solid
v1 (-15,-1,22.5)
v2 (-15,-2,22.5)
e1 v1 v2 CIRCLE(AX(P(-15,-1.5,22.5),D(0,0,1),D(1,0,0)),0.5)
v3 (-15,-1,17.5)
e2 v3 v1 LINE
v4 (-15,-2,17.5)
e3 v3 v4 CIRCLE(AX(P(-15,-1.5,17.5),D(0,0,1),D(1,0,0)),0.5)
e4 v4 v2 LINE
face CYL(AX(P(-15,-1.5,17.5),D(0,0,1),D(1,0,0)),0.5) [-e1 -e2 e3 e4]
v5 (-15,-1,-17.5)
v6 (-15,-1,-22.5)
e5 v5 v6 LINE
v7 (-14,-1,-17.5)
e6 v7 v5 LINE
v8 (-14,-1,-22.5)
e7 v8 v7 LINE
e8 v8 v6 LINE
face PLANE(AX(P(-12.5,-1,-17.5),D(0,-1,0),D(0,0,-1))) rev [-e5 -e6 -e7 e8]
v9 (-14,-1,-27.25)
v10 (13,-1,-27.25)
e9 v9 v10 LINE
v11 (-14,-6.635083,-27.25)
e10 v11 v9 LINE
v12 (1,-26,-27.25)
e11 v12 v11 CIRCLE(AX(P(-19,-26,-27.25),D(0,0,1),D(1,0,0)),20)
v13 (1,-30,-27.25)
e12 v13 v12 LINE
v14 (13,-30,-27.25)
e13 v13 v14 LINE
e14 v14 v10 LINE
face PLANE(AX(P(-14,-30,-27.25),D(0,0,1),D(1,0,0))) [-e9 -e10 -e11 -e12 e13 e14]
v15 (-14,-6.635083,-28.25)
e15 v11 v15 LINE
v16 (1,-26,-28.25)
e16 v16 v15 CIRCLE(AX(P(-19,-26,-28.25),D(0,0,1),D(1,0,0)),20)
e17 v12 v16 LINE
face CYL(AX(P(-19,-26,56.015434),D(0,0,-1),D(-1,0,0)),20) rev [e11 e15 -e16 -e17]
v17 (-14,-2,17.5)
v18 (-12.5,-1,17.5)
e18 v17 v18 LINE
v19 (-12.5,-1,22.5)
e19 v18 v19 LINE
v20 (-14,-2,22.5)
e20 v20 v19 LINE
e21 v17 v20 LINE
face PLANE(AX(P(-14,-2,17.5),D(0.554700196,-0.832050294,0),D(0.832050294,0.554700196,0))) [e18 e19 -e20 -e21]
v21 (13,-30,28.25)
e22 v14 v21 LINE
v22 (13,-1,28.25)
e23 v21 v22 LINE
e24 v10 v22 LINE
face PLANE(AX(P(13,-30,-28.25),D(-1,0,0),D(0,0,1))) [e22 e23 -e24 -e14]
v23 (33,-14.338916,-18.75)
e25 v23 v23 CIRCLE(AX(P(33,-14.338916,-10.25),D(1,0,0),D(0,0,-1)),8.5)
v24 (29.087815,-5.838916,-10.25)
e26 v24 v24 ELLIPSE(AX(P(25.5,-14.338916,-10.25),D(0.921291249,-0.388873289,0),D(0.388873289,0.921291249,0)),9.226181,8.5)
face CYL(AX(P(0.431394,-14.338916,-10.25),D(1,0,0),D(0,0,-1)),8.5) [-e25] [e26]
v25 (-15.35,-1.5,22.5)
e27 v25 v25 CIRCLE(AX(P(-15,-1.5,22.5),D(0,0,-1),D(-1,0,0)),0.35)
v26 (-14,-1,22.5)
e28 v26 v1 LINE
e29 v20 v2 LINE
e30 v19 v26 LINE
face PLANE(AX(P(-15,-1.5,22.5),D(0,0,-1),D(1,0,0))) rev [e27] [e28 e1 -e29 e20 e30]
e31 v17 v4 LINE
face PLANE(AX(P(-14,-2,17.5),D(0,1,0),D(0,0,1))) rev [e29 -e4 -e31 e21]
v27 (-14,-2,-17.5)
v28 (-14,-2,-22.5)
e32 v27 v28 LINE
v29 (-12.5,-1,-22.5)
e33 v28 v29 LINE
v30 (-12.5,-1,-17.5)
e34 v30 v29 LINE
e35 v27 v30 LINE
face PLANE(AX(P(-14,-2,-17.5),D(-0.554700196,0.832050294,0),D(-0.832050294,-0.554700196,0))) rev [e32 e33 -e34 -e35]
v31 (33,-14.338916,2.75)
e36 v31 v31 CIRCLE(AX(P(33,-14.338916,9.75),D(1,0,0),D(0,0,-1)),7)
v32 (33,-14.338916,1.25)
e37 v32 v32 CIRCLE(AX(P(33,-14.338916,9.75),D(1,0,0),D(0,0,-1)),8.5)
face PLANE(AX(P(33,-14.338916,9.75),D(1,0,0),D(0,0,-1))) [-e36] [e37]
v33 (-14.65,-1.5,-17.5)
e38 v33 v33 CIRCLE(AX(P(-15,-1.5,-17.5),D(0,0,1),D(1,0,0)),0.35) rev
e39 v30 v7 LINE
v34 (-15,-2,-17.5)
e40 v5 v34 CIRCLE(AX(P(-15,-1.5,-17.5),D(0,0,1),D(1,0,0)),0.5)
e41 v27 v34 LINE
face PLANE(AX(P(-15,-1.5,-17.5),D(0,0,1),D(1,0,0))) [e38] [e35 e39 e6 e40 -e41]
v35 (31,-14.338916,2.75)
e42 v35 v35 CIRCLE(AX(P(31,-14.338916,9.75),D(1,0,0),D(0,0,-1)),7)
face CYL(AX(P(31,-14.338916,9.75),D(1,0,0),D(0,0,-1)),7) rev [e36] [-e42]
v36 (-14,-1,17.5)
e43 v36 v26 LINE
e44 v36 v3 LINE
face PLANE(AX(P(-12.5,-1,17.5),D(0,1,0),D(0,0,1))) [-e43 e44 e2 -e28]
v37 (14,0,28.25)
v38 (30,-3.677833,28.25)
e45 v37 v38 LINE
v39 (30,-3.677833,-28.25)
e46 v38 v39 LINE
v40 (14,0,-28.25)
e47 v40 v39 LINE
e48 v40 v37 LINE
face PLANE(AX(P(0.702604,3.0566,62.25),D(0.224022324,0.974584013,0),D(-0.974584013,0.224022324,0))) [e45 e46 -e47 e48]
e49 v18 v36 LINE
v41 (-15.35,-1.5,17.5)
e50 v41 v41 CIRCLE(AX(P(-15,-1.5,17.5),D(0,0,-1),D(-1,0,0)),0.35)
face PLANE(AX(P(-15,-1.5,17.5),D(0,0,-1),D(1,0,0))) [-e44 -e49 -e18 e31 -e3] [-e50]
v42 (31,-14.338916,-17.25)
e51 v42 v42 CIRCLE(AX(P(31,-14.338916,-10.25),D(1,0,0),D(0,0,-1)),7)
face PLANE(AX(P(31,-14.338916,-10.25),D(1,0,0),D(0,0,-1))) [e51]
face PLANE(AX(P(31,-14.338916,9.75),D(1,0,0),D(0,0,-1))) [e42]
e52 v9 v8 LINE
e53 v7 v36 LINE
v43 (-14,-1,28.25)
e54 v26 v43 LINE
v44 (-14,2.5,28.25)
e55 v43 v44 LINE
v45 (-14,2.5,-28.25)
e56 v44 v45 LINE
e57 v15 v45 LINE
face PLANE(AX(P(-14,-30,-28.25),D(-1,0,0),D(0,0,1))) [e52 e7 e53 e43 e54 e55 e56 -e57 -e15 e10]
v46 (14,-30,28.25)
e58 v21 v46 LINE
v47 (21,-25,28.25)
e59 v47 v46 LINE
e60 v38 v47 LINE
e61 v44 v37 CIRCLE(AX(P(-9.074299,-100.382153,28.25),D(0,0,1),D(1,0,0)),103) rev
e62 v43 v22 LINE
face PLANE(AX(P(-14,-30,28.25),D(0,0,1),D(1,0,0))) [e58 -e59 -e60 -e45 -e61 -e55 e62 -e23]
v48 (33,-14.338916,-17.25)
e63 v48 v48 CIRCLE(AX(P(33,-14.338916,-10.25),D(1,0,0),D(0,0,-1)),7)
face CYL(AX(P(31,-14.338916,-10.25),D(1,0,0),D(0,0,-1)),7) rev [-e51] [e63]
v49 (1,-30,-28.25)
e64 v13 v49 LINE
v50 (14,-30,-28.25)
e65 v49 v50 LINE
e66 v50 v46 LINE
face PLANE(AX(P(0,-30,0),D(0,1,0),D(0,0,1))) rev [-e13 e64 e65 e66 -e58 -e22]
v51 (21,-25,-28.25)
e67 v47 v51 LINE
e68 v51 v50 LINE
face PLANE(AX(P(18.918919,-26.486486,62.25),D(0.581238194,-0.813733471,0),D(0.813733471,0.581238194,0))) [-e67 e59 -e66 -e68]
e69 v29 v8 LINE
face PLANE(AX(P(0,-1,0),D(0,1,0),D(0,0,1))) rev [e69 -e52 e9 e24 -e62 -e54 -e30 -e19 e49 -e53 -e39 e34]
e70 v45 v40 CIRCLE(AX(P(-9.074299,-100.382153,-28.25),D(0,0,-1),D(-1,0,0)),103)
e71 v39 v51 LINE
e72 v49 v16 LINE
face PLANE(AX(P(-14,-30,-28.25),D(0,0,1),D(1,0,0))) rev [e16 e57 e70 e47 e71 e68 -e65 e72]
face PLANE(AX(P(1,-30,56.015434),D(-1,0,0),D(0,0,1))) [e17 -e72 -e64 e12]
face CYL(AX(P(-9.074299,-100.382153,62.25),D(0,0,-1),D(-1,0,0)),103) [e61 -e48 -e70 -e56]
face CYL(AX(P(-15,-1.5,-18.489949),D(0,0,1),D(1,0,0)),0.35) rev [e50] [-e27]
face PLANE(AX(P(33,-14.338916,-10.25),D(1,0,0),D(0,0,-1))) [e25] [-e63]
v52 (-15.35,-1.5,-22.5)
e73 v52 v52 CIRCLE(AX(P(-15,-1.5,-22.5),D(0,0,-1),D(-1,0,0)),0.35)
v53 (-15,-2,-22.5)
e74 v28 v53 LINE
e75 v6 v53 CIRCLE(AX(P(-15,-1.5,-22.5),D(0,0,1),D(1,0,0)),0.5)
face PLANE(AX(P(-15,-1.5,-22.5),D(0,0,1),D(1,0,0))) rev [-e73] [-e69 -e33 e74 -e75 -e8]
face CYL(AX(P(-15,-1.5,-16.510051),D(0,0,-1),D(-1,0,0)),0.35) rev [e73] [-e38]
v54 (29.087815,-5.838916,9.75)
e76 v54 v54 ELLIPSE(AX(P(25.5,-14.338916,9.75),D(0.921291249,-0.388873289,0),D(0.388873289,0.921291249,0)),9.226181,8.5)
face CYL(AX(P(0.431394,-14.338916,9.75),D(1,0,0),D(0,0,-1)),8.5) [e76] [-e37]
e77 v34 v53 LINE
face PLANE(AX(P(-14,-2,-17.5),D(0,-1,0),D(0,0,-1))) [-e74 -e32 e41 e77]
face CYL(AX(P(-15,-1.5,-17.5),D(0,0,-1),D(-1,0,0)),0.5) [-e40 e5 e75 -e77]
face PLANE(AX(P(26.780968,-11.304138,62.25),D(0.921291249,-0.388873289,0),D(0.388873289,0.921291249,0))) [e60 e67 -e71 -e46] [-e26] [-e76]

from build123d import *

# Parameters (mm, degrees)
SKETCH1_W           = 28
SKETCH1_H           = 56.5
BOSS_EXTRUDE1_DEPTH = 30
CUT_EXTRUDE2_DEPTH  = 56.5
SHELL1_T            = -1
BOSS_EXTRUDE3_DEPTH = 2.5
SKETCH4_R           = 0.35
CUT_EXTRUDE1_DEPTH  = 5
BOSS_EXTRUDE4_DEPTH = 56.5
BOSS_EXTRUDE5_START = -11.087816
SKETCH7_R           = 8.5
BOSS_EXTRUDE5_DEPTH = 11.087816
SKETCH8_R           = 7
CUT_EXTRUDE3_DEPTH  = 2
LPATTERN1_COUNT     = 2
LPATTERN1_PITCH     = 20


with BuildPart() as part:
    # Sketch1 → Boss-Extrude1 (new body)
    with BuildSketch(Plane(origin=(0, 0, 0), x_dir=(1, 0, 0), z_dir=(0, 1, 0))):
        Rectangle(SKETCH1_W, SKETCH1_H)
    extrude(amount=-BOSS_EXTRUDE1_DEPTH)

    # Sketch5 → Cut-Extrude2 (cut)
    with BuildSketch(Plane(origin=(0, 0, -28.25), x_dir=(-1, 0, 0), z_dir=(0, 0, -1))):
        with BuildLine():
            Line((-1, -30), (-1, -26))
            ThreePointArc((-1, -26), (3.188611699, -13.752551286), (14, -6.635083269))
            Line((14, -6.635083269), (14, -30))
            Line((14, -30), (-1, -30))
        make_face()
    extrude(amount=-CUT_EXTRUDE2_DEPTH, mode=Mode.SUBTRACT)

    # Shell1
    shell1_openings = [part.faces().sort_by_distance(p)[0] for p in [
        (7.5, -30, 0),
        (0.885231383, -15.011682153, 28.25),
        (-14, -3.317541634, 0),
        (-4.84430585, -15.03504646, 0),
        (1, -28, 0),
    ]]
    offset(amount=SHELL1_T, openings=shell1_openings, kind=Kind.INTERSECTION)

    # Sketch3 → Boss-Extrude3 (add, symmetric)
    with BuildSketch(Plane.XY.offset(-20)):
        with BuildLine():
            Line((-14, -1), (-15, -1))
            ThreePointArc((-15, -1), (-15.5, -1.5), (-15, -2))
            Line((-15, -2), (-14, -2))
            Line((-14, -2), (-12.5, -1))
            Line((-12.5, -1), (-14, -1))
        make_face()
    boss_extrude3 = extrude(amount=BOSS_EXTRUDE3_DEPTH, both=True)

    # Sketch4 → Cut-Extrude1 (cut)
    with BuildSketch(Plane(origin=(0, 0, -22.5), x_dir=(-1, 0, 0), z_dir=(0, 0, -1))):
        with Locations((15, -1.5)):
            Circle(SKETCH4_R)
    cut_extrude1 = extrude(amount=-CUT_EXTRUDE1_DEPTH, mode=Mode.SUBTRACT)

    # Mirror1: Boss-Extrude3, Cut-Extrude1 across plane
    add(boss_extrude3.mirror(Plane.XY))
    add(cut_extrude1.mirror(Plane.XY), mode=Mode.SUBTRACT)

    # Sketch6 → Boss-Extrude4 (add)
    with BuildSketch(Plane(origin=(0, 0, -28.25), x_dir=(-1, 0, 0), z_dir=(0, 0, -1))):
        Polygon((-30, -3.677832944), (-21, -25), (-14, -30), (-14, 0), align=None)
        with BuildLine():
            Line((14, 0), (14, 2.5))
            ThreePointArc((14, 2.5), (-0.085690207, 2.209730318), (-14, 0))
            Line((-14, 0), (14, 0))
        make_face()
    extrude(amount=-BOSS_EXTRUDE4_DEPTH)

    # Sketch7 → Boss-Extrude5 (add)
    with BuildSketch(Plane(origin=(33, 0, 0), x_dir=(0, 0, -1), z_dir=(1, 0, 0)).offset(BOSS_EXTRUDE5_START)):
        with Locations((10.25, -14.338916472)):
            Circle(SKETCH7_R)
    boss_extrude5 = extrude(amount=BOSS_EXTRUDE5_DEPTH)

    # Sketch8 → Cut-Extrude3 (cut)
    with BuildSketch(Plane(origin=(33, 0, 0), x_dir=(0, 0, -1), z_dir=(1, 0, 0))):
        with Locations((10.25, -14.338916472)):
            Circle(SKETCH8_R)
    cut_extrude3 = extrude(amount=-CUT_EXTRUDE3_DEPTH, mode=Mode.SUBTRACT)

    # LPattern1: Boss-Extrude5, Cut-Extrude3 ×2
    with Locations(*[(0, 0, i * LPATTERN1_PITCH) for i in range(1, LPATTERN1_COUNT)]):
        add(boss_extrude5)
        add(cut_extrude3, mode=Mode.SUBTRACT)


solid = part.part
